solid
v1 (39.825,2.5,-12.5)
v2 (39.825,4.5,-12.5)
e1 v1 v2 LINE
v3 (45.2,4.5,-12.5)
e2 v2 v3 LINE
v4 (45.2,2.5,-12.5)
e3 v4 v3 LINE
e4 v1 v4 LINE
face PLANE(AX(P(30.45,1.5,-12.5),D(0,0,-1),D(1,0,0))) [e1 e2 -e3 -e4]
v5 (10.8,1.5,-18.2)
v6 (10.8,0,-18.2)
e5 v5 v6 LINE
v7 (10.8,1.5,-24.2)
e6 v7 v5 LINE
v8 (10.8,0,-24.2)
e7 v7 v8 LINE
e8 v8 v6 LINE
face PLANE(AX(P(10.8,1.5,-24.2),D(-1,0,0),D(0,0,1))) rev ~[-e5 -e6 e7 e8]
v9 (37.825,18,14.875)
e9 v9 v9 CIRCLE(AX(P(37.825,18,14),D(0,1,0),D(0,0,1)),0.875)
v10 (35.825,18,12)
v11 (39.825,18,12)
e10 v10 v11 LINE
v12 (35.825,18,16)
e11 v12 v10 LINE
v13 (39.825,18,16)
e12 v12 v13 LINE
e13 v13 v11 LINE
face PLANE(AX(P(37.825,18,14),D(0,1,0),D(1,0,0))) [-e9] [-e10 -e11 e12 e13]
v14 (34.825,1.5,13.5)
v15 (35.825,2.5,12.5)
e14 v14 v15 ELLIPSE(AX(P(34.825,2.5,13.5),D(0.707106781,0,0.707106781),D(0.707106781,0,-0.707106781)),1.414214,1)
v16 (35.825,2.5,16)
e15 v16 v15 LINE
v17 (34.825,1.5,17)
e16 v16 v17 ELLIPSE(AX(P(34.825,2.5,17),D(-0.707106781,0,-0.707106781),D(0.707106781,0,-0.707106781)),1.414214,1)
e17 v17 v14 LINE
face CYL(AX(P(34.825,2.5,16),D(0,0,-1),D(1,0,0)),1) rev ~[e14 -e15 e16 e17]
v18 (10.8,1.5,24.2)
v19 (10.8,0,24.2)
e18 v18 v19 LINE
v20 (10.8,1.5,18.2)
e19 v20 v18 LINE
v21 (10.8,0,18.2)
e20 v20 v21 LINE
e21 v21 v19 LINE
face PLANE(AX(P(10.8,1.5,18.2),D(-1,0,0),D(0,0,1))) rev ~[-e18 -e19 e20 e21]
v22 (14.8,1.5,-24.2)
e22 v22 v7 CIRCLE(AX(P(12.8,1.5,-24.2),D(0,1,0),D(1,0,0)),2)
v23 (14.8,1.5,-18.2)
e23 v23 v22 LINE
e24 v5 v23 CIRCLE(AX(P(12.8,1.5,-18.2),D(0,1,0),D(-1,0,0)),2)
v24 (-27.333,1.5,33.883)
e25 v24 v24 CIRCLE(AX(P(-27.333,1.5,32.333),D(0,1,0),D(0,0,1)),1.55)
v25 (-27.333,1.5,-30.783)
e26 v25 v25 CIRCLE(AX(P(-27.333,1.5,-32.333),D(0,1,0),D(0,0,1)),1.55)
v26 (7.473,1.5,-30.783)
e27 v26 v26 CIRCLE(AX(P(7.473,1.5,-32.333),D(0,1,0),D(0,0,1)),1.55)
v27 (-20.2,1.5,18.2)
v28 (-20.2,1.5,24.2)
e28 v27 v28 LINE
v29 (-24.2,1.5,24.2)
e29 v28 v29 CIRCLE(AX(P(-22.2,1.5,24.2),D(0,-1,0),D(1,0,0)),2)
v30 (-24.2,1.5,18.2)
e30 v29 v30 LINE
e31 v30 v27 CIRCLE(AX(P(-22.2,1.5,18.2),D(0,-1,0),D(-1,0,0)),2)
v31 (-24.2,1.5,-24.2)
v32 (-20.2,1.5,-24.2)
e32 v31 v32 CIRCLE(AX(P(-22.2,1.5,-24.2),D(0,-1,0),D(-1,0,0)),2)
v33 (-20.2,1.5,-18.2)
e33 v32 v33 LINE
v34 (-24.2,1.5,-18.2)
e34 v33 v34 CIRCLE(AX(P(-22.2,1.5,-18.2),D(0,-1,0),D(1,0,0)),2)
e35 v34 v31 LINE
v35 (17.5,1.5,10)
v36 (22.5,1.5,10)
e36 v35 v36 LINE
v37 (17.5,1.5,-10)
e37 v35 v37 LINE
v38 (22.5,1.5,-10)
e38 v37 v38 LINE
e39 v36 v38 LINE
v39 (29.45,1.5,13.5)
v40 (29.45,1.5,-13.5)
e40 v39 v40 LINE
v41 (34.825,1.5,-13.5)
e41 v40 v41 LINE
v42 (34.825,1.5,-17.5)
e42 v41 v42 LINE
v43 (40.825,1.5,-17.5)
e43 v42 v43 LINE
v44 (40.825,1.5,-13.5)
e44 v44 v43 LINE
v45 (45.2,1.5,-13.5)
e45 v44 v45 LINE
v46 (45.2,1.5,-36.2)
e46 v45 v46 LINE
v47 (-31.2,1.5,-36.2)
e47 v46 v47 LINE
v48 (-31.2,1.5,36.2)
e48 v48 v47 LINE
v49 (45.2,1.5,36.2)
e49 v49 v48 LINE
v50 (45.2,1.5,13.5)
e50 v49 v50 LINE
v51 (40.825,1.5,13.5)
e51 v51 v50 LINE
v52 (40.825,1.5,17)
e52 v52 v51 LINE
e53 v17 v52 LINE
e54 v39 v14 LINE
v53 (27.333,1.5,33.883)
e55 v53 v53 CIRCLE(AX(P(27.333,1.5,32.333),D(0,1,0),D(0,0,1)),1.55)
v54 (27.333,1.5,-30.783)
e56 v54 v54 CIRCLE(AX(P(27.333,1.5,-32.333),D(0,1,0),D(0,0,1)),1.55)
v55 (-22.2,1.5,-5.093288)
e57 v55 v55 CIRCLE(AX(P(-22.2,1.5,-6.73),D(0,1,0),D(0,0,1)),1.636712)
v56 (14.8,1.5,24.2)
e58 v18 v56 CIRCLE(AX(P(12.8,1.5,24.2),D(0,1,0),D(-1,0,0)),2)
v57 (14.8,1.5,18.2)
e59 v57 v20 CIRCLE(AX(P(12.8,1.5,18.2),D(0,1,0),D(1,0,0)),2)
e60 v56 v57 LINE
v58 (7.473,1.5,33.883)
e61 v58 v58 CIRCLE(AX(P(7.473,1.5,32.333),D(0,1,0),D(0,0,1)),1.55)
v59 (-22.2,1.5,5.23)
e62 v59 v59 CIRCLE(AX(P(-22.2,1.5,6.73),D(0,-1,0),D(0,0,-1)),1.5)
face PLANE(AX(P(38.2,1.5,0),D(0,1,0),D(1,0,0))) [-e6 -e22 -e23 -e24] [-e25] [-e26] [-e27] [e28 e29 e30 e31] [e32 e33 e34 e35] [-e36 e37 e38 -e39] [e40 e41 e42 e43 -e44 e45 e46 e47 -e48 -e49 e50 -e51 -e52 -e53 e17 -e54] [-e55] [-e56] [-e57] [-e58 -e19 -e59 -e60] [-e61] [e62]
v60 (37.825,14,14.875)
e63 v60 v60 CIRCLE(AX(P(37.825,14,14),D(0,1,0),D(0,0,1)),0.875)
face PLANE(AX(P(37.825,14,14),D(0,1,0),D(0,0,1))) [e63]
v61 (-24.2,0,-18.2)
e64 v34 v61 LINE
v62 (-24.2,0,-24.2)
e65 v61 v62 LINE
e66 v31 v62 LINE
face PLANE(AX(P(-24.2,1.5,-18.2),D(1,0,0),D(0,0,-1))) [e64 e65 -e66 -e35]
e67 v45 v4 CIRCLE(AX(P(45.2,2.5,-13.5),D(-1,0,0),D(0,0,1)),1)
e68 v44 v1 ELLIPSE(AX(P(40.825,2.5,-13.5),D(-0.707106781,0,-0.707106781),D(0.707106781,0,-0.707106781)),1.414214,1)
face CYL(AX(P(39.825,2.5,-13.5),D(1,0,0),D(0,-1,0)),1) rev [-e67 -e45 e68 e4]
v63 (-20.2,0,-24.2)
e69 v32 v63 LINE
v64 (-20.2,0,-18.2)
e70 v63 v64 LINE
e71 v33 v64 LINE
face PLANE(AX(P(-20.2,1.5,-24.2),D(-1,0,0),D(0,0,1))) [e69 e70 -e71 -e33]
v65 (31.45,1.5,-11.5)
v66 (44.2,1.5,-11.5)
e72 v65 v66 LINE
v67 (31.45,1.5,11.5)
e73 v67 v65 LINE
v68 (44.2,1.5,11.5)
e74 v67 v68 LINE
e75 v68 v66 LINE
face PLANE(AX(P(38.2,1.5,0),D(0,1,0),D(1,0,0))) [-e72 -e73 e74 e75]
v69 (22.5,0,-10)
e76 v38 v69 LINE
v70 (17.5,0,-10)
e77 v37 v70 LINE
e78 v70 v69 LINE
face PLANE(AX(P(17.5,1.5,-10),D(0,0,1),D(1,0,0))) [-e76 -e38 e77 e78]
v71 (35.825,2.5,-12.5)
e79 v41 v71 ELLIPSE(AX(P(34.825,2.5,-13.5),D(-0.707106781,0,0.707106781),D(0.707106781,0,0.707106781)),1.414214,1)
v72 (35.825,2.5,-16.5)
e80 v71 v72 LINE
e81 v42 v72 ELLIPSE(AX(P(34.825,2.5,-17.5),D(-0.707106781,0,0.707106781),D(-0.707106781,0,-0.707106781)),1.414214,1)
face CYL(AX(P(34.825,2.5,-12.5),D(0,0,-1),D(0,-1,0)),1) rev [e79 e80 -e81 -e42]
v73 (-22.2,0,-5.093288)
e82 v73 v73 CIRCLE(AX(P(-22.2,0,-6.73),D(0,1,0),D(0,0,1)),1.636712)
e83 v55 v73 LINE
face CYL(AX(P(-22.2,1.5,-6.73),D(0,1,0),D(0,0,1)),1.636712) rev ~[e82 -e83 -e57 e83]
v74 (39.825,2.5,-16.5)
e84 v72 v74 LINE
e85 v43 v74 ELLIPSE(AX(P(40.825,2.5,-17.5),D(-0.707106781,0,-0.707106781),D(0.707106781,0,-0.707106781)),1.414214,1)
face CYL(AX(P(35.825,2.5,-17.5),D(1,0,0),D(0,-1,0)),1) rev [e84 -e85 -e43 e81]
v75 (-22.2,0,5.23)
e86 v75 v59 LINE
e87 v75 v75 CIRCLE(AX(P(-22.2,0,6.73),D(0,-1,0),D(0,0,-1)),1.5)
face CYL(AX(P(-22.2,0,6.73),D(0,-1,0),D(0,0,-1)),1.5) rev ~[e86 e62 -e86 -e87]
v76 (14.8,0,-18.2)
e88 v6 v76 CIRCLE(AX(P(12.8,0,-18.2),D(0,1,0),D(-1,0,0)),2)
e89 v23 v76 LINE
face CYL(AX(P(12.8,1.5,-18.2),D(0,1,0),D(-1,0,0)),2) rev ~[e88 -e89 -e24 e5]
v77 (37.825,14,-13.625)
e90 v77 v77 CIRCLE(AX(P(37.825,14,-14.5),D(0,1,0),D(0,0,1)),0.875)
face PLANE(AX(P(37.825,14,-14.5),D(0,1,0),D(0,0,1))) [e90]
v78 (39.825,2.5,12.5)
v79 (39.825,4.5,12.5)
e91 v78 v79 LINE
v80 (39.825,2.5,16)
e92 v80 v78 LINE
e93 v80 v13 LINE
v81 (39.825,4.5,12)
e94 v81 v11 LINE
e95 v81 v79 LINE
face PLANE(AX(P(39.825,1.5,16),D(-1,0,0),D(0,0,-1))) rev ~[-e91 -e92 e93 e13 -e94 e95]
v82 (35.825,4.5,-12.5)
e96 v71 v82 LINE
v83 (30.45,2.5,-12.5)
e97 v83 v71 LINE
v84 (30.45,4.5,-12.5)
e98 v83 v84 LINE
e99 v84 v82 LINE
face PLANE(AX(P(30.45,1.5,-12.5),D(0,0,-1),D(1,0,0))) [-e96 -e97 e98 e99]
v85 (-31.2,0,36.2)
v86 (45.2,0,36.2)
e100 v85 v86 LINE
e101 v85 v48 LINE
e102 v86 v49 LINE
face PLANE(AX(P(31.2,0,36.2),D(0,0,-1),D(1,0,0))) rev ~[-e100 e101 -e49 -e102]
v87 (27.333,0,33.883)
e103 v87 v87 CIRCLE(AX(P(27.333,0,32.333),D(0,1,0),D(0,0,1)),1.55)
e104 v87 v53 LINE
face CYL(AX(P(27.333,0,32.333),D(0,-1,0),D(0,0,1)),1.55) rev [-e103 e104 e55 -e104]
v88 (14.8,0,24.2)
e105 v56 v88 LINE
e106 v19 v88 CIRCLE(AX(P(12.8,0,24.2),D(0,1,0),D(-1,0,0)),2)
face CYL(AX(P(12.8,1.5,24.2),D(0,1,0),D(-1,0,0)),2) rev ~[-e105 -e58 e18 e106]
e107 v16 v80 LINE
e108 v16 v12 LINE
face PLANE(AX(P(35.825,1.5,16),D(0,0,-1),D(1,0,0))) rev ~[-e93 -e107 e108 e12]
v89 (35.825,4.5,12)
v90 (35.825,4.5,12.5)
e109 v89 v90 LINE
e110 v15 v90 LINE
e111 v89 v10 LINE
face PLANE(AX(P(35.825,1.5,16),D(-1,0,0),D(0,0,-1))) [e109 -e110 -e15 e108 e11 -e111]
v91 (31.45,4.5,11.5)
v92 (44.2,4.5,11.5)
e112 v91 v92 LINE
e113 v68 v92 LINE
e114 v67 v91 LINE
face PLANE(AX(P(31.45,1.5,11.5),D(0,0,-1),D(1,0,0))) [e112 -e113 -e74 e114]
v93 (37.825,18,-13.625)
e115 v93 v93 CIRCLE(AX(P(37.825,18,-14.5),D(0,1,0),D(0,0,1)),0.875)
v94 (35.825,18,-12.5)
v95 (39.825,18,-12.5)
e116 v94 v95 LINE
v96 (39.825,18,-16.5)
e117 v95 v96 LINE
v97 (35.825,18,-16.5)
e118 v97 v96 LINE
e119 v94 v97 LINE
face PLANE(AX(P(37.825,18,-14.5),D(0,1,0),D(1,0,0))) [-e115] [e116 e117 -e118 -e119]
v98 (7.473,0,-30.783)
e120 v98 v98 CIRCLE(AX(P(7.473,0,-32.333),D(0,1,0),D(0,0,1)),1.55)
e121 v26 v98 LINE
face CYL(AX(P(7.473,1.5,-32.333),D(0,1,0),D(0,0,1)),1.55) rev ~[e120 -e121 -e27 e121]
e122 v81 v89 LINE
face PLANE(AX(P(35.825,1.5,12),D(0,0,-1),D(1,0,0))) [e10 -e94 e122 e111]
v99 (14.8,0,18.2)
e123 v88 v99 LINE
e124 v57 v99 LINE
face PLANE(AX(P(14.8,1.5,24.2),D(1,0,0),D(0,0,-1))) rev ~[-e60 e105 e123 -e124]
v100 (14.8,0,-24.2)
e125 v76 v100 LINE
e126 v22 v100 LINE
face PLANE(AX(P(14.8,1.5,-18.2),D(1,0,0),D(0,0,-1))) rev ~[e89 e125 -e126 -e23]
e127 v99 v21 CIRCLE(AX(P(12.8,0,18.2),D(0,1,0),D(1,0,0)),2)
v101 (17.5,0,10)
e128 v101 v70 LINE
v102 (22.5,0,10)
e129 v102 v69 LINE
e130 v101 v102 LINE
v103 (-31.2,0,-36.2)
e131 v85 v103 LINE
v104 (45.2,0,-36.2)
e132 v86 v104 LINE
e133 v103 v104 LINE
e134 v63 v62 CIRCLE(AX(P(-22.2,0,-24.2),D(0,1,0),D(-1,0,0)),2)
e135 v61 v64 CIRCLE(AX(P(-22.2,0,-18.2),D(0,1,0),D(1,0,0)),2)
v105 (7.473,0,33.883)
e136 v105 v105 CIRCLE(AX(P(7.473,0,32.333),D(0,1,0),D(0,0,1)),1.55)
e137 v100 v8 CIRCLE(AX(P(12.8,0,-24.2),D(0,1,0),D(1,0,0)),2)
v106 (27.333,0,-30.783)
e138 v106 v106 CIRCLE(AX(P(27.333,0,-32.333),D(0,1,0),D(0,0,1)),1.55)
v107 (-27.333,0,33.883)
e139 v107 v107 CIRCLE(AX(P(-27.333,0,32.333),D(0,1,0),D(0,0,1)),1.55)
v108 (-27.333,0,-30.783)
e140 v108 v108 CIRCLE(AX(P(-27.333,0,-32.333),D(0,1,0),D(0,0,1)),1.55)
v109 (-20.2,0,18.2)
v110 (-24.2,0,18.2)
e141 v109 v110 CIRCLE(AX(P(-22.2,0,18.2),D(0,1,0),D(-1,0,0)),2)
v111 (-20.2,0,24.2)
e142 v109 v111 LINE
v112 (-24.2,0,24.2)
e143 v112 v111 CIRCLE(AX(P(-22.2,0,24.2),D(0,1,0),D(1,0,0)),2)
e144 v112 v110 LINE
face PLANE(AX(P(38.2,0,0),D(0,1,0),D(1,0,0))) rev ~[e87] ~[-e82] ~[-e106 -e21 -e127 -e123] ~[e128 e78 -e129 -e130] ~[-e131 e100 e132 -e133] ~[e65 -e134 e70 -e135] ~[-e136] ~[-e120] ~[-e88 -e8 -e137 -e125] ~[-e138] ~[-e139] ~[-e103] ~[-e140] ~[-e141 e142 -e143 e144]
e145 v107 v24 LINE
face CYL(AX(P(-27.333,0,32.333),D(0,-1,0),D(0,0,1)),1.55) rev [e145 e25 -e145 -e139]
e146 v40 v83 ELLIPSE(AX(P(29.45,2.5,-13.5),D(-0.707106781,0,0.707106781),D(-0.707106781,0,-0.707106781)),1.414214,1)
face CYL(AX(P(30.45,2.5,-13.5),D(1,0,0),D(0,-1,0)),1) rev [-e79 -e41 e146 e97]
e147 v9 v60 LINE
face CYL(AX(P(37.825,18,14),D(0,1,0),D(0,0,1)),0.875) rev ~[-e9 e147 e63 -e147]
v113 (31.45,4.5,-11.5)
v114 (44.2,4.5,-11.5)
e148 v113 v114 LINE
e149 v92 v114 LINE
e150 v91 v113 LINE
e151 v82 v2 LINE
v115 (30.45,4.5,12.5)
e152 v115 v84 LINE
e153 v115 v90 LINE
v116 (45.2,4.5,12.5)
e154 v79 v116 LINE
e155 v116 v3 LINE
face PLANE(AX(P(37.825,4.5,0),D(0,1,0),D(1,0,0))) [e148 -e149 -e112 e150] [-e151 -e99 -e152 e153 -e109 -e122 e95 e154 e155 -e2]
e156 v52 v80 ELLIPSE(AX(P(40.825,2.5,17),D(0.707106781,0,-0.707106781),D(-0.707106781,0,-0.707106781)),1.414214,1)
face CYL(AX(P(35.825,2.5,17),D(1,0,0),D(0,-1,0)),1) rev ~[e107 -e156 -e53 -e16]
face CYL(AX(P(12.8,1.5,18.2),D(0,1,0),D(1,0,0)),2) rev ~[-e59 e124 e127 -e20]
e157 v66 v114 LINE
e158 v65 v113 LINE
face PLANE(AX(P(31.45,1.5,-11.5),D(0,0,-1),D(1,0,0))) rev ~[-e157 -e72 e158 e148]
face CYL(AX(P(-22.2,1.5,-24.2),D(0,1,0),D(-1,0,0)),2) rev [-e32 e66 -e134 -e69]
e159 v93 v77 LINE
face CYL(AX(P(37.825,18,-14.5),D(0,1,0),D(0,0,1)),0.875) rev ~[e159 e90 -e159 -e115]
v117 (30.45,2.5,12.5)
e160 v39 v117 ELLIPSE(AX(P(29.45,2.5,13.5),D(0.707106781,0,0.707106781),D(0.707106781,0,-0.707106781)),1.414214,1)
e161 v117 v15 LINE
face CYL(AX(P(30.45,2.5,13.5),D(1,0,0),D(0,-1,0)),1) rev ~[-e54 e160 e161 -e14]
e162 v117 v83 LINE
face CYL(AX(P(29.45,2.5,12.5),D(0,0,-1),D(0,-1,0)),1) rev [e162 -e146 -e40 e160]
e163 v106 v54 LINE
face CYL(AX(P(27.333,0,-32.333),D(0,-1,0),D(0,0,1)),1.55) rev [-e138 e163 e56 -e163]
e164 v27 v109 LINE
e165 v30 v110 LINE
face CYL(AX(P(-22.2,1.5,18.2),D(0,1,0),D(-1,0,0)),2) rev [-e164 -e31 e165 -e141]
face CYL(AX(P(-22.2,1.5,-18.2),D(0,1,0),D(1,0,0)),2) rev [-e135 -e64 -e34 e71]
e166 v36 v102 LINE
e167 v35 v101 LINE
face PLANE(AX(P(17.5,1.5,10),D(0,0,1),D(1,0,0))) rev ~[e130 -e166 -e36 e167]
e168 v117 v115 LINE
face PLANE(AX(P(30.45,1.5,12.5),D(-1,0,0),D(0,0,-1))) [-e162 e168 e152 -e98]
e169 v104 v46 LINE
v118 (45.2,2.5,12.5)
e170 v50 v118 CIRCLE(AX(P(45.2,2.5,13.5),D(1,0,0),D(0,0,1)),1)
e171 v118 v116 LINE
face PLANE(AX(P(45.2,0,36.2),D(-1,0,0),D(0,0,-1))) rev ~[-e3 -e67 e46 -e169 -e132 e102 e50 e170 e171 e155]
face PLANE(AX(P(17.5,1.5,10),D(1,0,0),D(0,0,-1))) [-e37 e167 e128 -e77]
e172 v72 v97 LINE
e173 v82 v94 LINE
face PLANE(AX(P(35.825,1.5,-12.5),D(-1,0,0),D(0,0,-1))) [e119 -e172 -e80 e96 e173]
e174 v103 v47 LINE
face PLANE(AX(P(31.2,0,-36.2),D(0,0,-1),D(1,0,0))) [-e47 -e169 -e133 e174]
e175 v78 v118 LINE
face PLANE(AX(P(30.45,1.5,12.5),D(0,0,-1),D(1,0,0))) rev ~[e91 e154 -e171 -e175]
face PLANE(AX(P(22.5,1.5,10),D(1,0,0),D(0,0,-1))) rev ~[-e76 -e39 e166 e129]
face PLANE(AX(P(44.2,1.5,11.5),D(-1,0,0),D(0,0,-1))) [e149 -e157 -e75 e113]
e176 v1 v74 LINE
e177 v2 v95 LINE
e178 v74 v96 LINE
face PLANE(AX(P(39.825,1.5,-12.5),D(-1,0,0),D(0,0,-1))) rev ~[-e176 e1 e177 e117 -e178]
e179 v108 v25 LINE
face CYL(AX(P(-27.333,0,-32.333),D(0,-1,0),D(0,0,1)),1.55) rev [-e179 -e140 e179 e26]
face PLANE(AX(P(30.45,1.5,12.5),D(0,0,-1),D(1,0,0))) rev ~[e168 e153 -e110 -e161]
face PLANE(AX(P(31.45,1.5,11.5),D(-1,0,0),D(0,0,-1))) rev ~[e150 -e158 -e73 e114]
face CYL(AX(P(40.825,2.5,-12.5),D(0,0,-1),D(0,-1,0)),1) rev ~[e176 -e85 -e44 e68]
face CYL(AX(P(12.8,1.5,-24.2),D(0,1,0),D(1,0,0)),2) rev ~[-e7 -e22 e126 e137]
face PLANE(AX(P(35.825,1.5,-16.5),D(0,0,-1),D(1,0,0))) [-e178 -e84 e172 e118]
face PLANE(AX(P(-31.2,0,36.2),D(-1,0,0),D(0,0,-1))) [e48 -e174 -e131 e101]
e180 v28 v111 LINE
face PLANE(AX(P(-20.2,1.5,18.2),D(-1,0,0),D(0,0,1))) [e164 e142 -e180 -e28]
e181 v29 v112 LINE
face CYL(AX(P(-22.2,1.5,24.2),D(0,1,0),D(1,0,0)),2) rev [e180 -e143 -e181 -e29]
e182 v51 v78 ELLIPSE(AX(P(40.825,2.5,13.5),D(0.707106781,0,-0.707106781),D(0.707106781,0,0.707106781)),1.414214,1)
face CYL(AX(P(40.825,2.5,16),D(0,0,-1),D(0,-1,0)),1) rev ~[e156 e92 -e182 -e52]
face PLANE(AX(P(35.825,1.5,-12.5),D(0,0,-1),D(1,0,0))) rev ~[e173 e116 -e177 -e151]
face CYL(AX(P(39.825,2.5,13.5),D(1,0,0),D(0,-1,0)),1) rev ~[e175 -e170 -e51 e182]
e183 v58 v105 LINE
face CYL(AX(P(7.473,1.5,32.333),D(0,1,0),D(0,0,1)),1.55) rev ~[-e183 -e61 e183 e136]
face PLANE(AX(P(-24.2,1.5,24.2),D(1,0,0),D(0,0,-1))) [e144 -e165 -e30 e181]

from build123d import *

# Parameters (mm, degrees)
SKETCH1_W           = 62.4
SKETCH1_H           = 72.4
SKETCH1_R           = 1.55
SKETCH1_W_2         = 14
BOSS_EXTRUDE1_DEPTH = 1.5
SKETCH3_W           = 14.75
SKETCH3_H           = 25
SKETCH3_W_2         = 12.75
SKETCH3_H_2         = 23
BOSS_EXTRUDE2_DEPTH = 3
SKETCH4_W           = 4
SKETCH4_H           = 4
BOSS_EXTRUDE3_DEPTH = 16.5
SKETCH5_R           = 0.875
CUT_EXTRUDE1_DEPTH  = 4
FILLET1_R           = 1
SKETCH6_R           = 1.55
CUT_EXTRUDE5_DEPTH  = 61.214034909
SKETCH7_W           = 5
SKETCH7_H           = 20
CUT_EXTRUDE3_DEPTH  = 61.214034909
SKETCH8_R           = 1.5
CUT_EXTRUDE4_DEPTH  = 61.64222951
SKETCH9_R           = 1.636711996
CUT_EXTRUDE6_DEPTH  = 61.214034909


with BuildPart() as part:
    # Sketch1 → Boss-Extrude1 (new body)
    # profile 1 of 2: a face of its own
    with BuildSketch(Plane(origin=(0, 0, 0), x_dir=(1, 0, 0), z_dir=(0, 1, 0))):
        Rectangle(SKETCH1_W, SKETCH1_H)
        with Locations(Location((-27.333, -32.333, 0), (0, 0, 270))):
            Circle(SKETCH1_R, mode=Mode.SUBTRACT)
        with Locations(Location((27.333, -32.333, 0), (0, 0, 270))):
            Circle(SKETCH1_R, mode=Mode.SUBTRACT)
        with Locations(Location((-27.333, 32.333, 0), (0, 0, 270))):
            Circle(SKETCH1_R, mode=Mode.SUBTRACT)
        with Locations(Location((27.333, 32.333, 0), (0, 0, 270))):
            Circle(SKETCH1_R, mode=Mode.SUBTRACT)
    # profile 2 of 2: a face of its own
    with BuildSketch(Plane(origin=(0, 0, 0), x_dir=(1, 0, 0), z_dir=(0, 1, 0))):
        with Locations((38.2, 0)):
            Rectangle(SKETCH1_W_2, SKETCH1_H)
    extrude(amount=BOSS_EXTRUDE1_DEPTH)

    # Sketch3 → Boss-Extrude2 (add)
    with BuildSketch(Plane(origin=(0, 1.5, 0), x_dir=(1, 0, 0), z_dir=(0, 1, 0))):
        with Locations((37.825, 0)):
            Rectangle(SKETCH3_W, SKETCH3_H)
        with Locations((37.825, 0)):
            Rectangle(SKETCH3_W_2, SKETCH3_H_2, mode=Mode.SUBTRACT)
    extrude(amount=BOSS_EXTRUDE2_DEPTH)

    # Sketch4 → Boss-Extrude3 (add)
    with BuildSketch(Plane(origin=(0, 1.5, 0), x_dir=(1, 0, 0), z_dir=(0, 1, 0))):
        with Locations((37.825, -14)):
            Rectangle(SKETCH4_W, SKETCH4_H)
        with Locations((37.825, 14.5)):
            Rectangle(SKETCH4_W, SKETCH4_H)
    extrude(amount=BOSS_EXTRUDE3_DEPTH)

    # Sketch5 → Cut-Extrude1 (cut)
    with BuildSketch(Plane(origin=(0, 18, 0), x_dir=(1, 0, 0), z_dir=(0, 1, 0))):
        with Locations(Location((37.825, -14, 0), (0, 0, 270))):
            Circle(SKETCH5_R)
        with Locations(Location((37.825, 14.5, 0), (0, 0, 270))):
            Circle(SKETCH5_R)
    extrude(amount=-CUT_EXTRUDE1_DEPTH, mode=Mode.SUBTRACT)

    # Fillet1
    fillet1_edges = [part.edges().sort_by_distance(p)[0] for p in [
        (42.5125, 1.5, -12.5),
        (30.45, 1.5, 0),
        (33.1375, 1.5, 12.5),
        (42.5125, 1.5, 12.5),
        (35.825, 1.5, 14.25),
        (39.825, 1.5, 14.25),
        (37.825, 1.5, 16),
        (33.1375, 1.5, -12.5),
        (35.825, 1.5, -14.5),
        (39.825, 1.5, -14.5),
        (37.825, 1.5, -16.5),
    ]]
    fillet(fillet1_edges, radius=FILLET1_R)

    # Sketch6 → Cut-Extrude5 (cut, through all)
    with BuildSketch(Plane(origin=(0, 1.5, 0), x_dir=(1, 0, 0), z_dir=(0, 1, 0))):
        with Locations(Location((7.473, -32.333, 0), (0, 0, 270))):
            Circle(SKETCH6_R)
        with Locations(Location((7.473, 32.333, 0), (0, 0, 270))):
            Circle(SKETCH6_R)
    extrude(amount=-CUT_EXTRUDE5_DEPTH, mode=Mode.SUBTRACT)

    # Sketch7 → Cut-Extrude3 (cut, through all)
    with BuildSketch(Plane(origin=(0, 1.5, 0), x_dir=(1, 0, 0), z_dir=(0, 1, 0))):
        with Locations((20, 0)):
            Rectangle(SKETCH7_W, SKETCH7_H)
    extrude(amount=-CUT_EXTRUDE3_DEPTH, mode=Mode.SUBTRACT)

    # Sketch8 → Cut-Extrude4 (cut, through all)
    with BuildSketch(Plane.XZ):
        with Locations(Location((-22.2, -6.73, 0), (0, 0, 270))):
            Circle(SKETCH8_R)
        with Locations(Location((-22.2, 6.73, 0), (0, 0, 270))):
            Circle(SKETCH8_R)
    extrude(amount=-CUT_EXTRUDE4_DEPTH, mode=Mode.SUBTRACT)

    # Sketch9 → Cut-Extrude6 (cut, through all)
    with BuildSketch(Plane(origin=(0, 1.5, 0), x_dir=(1, 0, 0), z_dir=(0, 1, 0))):
        with Locations(Location((-22.2, 6.73, 0), (0, 0, 270))):
            Circle(SKETCH9_R)
        with BuildLine():
            Line((-20.2, 24.2), (-20.2, 18.2))
            ThreePointArc((-20.2, 18.2), (-22.2, 16.2), (-24.2, 18.2))
            Line((-24.2, 18.2), (-24.2, 24.2))
            ThreePointArc((-24.2, 24.2), (-22.2, 26.2), (-20.2, 24.2))
        make_face()
        with BuildLine():
            Line((-20.2, -18.2), (-20.2, -24.2))
            ThreePointArc((-20.2, -24.2), (-22.2, -26.2), (-24.2, -24.2))
            Line((-24.2, -24.2), (-24.2, -18.2))
            ThreePointArc((-24.2, -18.2), (-22.2, -16.2), (-20.2, -18.2))
        make_face()
        with BuildLine():
            Line((10.8, 24.2), (10.8, 18.2))
            ThreePointArc((10.8, 18.2), (12.8, 16.2), (14.8, 18.2))
            Line((14.8, 18.2), (14.8, 24.2))
            ThreePointArc((14.8, 24.2), (12.8, 26.2), (10.8, 24.2))
        make_face()
        with BuildLine():
            Line((10.8, -18.2), (10.8, -24.2))
            ThreePointArc((10.8, -24.2), (12.8, -26.2), (14.8, -24.2))
            Line((14.8, -24.2), (14.8, -18.2))
            ThreePointArc((14.8, -18.2), (12.8, -16.2), (10.8, -18.2))
        make_face()
    extrude(amount=-CUT_EXTRUDE6_DEPTH, mode=Mode.SUBTRACT)


solid = part.part
